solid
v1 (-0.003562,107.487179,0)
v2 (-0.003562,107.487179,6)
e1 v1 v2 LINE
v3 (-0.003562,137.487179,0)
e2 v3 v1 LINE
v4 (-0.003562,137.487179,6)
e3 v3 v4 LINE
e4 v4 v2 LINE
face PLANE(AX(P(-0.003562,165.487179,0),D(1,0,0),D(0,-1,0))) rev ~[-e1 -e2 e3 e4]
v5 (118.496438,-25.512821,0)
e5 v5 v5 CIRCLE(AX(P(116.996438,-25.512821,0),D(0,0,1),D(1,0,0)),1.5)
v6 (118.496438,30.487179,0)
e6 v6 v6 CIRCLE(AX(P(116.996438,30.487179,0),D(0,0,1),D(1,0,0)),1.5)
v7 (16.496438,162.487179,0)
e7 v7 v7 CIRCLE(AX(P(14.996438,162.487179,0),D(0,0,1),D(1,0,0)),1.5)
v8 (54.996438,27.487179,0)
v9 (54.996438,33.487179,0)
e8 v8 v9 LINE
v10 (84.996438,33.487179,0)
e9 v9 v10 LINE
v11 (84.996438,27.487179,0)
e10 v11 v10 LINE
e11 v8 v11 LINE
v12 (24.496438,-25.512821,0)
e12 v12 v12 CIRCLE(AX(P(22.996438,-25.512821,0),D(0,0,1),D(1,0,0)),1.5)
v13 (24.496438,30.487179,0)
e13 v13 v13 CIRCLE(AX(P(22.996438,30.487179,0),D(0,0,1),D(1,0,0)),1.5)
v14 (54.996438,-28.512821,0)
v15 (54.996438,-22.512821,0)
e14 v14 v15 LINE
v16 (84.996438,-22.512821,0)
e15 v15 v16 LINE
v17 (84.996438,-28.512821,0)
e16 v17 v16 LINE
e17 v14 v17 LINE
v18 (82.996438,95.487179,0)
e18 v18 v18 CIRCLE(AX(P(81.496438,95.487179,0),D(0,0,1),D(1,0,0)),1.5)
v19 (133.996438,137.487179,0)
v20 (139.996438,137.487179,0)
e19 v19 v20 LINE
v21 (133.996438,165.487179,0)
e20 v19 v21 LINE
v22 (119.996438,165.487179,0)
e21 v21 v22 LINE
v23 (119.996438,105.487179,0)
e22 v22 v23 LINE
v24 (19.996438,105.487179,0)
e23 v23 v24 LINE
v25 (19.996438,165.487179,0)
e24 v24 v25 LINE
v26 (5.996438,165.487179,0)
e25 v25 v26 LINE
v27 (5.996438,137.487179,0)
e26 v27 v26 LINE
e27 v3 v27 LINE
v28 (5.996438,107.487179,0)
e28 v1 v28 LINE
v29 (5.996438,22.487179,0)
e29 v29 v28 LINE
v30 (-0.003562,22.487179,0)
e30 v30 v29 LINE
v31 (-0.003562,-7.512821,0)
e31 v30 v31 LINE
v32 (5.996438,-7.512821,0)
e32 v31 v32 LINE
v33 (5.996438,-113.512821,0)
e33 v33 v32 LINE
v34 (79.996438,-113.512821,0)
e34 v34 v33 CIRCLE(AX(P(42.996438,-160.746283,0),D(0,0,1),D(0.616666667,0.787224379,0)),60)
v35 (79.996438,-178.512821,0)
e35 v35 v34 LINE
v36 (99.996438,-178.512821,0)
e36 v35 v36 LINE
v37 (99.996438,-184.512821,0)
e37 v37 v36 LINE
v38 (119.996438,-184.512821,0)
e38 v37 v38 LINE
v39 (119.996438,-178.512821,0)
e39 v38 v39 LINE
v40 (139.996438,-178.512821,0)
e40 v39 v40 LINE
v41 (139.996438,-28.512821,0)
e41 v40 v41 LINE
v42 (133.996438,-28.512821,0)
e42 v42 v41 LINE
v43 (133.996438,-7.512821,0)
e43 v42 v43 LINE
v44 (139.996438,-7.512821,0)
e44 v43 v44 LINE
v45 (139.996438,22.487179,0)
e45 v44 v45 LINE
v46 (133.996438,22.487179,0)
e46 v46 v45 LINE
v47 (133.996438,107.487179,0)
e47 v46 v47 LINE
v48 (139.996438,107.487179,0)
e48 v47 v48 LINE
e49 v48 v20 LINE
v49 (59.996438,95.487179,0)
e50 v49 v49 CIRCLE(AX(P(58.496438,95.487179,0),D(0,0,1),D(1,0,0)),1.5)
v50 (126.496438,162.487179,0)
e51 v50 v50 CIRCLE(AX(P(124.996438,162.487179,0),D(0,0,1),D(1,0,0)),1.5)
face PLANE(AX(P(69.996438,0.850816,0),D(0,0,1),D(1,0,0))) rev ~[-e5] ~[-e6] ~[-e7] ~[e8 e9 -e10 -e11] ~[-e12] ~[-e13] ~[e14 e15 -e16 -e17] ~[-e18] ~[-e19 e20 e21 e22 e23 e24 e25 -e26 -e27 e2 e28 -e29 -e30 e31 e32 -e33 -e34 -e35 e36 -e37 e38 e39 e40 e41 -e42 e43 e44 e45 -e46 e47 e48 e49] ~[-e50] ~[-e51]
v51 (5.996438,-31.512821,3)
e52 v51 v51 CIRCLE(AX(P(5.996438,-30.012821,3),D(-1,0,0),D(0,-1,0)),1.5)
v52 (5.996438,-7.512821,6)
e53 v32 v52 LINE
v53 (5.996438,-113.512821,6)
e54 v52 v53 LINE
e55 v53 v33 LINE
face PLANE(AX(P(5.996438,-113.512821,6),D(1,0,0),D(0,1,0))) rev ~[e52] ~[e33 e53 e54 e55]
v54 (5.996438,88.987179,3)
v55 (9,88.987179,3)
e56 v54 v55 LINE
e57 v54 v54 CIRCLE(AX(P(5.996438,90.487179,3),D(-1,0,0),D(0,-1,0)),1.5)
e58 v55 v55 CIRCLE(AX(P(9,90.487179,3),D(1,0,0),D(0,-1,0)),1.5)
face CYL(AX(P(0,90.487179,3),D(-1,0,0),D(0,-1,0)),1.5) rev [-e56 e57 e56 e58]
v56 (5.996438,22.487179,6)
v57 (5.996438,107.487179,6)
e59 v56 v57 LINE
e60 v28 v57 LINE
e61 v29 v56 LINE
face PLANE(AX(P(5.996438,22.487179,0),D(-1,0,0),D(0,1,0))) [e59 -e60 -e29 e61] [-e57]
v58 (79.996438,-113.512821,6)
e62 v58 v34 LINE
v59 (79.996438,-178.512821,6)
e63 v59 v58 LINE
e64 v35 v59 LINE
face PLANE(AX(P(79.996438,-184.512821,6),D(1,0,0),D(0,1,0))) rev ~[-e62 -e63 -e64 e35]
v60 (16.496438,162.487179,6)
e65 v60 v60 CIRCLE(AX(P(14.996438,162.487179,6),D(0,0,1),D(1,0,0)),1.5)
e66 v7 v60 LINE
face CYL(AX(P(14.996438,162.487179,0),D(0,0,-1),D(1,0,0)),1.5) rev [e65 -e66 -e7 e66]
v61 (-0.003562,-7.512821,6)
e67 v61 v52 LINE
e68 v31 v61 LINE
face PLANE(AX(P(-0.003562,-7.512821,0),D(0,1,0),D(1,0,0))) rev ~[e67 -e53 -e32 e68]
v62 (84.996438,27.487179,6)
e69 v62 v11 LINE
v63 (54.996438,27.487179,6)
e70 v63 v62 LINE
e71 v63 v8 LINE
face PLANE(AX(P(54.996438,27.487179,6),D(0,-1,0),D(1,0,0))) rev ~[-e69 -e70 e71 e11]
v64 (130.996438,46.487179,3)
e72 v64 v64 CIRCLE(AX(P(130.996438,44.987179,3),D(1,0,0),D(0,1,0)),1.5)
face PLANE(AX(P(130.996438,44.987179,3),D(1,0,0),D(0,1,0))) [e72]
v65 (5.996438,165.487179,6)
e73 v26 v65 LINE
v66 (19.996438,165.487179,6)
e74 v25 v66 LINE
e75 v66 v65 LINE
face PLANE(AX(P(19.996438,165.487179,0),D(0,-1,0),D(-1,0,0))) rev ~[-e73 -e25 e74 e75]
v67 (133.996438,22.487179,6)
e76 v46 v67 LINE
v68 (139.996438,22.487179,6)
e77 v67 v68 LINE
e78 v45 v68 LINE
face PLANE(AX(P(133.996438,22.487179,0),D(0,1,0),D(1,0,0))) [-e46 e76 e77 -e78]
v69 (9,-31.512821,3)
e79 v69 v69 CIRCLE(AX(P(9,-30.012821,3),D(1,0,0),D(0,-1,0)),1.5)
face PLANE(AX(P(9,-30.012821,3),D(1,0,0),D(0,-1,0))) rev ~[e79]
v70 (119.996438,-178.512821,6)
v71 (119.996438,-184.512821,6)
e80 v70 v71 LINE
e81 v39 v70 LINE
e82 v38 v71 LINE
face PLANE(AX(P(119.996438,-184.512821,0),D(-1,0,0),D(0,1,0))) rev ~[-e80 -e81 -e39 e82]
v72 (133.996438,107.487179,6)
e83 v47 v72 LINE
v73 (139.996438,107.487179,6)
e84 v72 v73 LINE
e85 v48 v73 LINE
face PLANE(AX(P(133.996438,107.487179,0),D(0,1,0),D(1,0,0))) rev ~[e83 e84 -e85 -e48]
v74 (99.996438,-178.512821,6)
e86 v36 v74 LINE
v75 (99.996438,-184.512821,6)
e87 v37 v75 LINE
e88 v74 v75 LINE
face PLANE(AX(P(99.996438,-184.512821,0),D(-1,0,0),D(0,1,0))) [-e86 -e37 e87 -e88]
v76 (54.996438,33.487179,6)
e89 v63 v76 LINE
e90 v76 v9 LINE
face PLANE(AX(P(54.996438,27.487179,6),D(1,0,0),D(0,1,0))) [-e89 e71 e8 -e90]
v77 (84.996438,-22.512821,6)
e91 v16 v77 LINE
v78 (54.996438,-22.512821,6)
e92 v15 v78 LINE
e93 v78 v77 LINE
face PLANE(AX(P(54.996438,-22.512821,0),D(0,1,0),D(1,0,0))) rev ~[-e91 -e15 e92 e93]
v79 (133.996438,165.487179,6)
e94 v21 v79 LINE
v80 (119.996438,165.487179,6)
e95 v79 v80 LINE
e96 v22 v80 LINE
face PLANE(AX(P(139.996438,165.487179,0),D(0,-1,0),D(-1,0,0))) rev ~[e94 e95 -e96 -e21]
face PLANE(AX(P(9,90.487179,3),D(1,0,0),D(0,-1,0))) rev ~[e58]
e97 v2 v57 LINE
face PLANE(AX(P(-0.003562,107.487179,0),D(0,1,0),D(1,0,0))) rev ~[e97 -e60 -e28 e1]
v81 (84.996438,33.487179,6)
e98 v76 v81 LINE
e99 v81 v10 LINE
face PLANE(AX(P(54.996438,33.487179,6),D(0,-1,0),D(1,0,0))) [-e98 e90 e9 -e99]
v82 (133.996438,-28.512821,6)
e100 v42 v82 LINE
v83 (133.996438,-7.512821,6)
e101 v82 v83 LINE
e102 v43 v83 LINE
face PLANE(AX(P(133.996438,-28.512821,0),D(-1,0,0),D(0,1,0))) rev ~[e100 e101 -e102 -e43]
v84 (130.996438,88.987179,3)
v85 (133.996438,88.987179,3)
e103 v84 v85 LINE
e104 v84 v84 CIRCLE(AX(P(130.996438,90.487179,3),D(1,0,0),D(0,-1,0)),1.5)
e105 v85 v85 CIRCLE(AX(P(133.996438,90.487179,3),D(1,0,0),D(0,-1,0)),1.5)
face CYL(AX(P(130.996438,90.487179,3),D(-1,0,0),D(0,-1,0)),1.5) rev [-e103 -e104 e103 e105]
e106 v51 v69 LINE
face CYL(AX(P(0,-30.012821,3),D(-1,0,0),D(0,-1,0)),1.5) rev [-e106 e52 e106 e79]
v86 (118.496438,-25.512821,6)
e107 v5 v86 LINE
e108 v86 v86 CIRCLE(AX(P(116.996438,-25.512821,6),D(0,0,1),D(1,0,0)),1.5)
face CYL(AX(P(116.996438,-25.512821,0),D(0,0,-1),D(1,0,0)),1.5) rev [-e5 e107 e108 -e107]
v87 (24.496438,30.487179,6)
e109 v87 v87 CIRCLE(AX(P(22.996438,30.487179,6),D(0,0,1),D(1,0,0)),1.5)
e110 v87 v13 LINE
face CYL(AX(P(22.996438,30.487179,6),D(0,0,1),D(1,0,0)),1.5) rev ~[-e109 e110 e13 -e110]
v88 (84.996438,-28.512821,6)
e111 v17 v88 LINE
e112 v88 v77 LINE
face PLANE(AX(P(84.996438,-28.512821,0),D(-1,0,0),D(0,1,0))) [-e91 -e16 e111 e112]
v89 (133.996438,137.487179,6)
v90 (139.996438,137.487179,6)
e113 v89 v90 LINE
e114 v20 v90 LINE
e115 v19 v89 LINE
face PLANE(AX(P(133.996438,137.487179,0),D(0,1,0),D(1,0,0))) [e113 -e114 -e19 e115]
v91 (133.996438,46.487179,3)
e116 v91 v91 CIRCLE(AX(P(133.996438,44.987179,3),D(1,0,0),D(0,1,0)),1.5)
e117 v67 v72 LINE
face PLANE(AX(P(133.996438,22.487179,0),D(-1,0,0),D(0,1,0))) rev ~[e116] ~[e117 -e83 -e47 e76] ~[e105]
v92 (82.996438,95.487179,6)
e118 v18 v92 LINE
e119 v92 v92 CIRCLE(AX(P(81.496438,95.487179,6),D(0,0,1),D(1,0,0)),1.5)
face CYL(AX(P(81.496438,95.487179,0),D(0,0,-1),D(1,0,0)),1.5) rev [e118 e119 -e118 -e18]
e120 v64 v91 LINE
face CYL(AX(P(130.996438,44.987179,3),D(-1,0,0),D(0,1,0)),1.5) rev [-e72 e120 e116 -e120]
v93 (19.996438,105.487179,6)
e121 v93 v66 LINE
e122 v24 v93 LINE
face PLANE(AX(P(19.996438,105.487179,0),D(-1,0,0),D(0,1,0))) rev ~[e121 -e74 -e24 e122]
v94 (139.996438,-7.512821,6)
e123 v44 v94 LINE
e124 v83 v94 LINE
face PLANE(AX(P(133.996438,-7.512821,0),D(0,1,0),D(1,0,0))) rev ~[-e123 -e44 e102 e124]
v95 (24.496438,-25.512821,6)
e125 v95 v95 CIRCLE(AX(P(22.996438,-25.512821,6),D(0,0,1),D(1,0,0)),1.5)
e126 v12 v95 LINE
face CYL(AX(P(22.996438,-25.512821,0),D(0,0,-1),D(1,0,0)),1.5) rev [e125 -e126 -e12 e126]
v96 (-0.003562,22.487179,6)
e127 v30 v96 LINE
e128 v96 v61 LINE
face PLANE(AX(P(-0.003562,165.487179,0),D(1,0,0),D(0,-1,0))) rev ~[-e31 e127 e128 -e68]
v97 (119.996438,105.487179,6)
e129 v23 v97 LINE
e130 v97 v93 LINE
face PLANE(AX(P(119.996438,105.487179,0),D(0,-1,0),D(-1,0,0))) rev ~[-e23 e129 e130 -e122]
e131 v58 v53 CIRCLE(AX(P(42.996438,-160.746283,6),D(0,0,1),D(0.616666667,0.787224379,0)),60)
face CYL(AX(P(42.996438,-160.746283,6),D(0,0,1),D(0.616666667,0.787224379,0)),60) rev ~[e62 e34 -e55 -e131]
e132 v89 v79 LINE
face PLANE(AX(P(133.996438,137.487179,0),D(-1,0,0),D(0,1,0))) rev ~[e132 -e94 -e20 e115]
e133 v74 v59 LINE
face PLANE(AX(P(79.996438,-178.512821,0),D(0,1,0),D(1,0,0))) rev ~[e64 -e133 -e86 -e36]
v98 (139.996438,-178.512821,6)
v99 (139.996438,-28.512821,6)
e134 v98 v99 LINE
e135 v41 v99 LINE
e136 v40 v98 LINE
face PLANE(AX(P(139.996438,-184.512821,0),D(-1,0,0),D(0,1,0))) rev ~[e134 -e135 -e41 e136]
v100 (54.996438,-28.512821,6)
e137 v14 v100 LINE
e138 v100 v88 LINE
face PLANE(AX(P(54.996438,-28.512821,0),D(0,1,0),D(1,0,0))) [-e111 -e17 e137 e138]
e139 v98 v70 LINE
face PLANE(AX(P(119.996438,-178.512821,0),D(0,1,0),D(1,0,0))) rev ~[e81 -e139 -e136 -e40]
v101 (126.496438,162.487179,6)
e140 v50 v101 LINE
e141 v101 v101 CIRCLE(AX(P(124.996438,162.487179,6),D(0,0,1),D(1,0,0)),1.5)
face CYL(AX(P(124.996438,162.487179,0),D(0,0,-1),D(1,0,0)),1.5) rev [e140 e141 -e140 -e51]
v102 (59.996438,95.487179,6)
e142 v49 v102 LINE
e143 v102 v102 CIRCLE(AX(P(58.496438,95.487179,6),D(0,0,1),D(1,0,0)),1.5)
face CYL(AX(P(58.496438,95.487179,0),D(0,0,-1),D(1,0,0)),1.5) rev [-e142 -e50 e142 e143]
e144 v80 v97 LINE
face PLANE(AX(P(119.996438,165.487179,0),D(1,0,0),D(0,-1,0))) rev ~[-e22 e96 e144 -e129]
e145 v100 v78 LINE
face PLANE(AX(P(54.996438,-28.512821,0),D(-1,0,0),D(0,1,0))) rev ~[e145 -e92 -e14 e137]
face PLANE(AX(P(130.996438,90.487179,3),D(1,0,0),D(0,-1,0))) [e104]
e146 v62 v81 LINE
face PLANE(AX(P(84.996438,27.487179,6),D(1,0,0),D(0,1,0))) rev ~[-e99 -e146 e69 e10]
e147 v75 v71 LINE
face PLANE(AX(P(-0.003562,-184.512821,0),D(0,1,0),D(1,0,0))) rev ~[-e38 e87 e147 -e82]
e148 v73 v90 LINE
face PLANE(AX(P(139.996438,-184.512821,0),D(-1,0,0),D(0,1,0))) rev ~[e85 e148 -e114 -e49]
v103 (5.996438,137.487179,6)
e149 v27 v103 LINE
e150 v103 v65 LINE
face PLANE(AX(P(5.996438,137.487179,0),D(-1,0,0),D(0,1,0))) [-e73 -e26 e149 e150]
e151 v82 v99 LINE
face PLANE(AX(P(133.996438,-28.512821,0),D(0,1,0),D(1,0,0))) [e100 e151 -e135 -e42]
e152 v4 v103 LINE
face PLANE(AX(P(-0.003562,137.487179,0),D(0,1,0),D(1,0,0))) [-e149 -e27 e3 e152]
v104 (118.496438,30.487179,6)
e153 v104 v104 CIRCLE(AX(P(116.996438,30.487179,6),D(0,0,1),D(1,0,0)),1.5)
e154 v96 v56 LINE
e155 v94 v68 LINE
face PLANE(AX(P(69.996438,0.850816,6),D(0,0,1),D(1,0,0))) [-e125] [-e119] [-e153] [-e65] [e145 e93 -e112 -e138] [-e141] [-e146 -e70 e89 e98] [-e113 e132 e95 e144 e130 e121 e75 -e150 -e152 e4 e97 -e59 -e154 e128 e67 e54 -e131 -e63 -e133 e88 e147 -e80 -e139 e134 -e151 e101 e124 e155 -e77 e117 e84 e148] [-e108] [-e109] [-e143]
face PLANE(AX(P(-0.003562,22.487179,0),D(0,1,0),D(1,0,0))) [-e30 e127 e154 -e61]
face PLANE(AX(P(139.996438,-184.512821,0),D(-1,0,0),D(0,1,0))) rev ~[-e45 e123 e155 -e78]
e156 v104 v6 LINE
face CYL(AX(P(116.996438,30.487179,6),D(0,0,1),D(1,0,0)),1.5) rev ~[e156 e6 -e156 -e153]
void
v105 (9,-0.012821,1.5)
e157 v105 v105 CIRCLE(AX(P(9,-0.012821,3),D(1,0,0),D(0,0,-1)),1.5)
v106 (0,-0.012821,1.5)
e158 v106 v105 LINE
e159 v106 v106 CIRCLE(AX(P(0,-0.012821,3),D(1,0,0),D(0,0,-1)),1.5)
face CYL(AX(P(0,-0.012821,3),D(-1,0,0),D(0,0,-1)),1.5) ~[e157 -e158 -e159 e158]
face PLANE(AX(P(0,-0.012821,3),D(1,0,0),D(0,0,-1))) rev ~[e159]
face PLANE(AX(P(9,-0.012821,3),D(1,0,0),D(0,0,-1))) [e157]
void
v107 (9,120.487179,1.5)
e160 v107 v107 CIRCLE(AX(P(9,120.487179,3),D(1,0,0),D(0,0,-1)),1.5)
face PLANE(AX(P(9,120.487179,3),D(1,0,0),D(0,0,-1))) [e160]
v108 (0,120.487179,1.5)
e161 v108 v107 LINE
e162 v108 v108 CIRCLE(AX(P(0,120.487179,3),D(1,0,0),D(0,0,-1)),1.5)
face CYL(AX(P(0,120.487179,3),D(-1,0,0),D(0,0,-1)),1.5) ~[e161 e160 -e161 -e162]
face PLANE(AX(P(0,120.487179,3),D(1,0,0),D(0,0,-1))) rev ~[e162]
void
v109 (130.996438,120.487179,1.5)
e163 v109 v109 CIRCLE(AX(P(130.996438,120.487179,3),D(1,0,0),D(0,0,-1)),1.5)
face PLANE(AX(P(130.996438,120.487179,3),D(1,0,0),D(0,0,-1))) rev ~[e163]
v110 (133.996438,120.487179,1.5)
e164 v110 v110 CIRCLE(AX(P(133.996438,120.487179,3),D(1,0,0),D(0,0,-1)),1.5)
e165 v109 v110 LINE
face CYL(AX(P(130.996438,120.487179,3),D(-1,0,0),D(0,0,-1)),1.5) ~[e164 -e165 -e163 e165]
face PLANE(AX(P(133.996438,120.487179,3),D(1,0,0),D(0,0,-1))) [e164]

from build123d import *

# Parameters (mm, degrees)
ESQUISSE1_R             = 1.5
ESQUISSE1_W             = 30
ESQUISSE1_H             = 6
BOSS_EXTRU_3_DEPTH      = 6
ESQUISSE4_W             = 6
ESQUISSE4_H             = 28
ESQUISSE4_H_2           = 85
ESQUISSE4_H_3           = 51
ESQUISSE4_H_4           = 21
ENL_V_MAT_EXTRU_2_DEPTH = 6
ESQUISSE5_R             = 1.5
ENL_V_MAT_EXTRU_3_DEPTH = 9
ENL_V_START             = -3
ESQUISSE6_R             = 1.5
ENL_V_MAT_EXTRU_6_DEPTH = 3
ESQUISSE7_W             = 20
ESQUISSE7_H             = 6
ENL_V_MAT_EXTRU_7_DEPTH = 10
ENL_V_MAT_EXTRU_8_DEPTH = 6
ESQUISSE9_R             = 1.5
ESQUISSE9_W             = 30
ESQUISSE9_H             = 6
ENL_V_MAT_EXTRU_9_DEPTH = 6


with BuildPart() as part:
    # Esquisse1 → Boss.-Extru.3 (new body)
    with BuildSketch(Plane.XY):
        Polygon((19.996437878, 165.487179487), (-0.003562122, 165.487179487), (-0.003562122, -184.512820513), (139.996437878, -184.512820513), (139.996437878, 165.487179487), (119.996437878, 165.487179487), (119.996437878, 105.487179487), (19.996437878, 105.487179487), align=None)
        with Locations((22.996437878, -25.512820513)):
            Circle(ESQUISSE1_R, mode=Mode.SUBTRACT)
        with Locations((69.996437878, -25.512820513)):
            Rectangle(ESQUISSE1_W, ESQUISSE1_H, mode=Mode.SUBTRACT)
        with Locations((116.996437878, -25.512820513)):
            Circle(ESQUISSE1_R, mode=Mode.SUBTRACT)
        with Locations((14.996437878, 162.487179487)):
            Circle(ESQUISSE1_R, mode=Mode.SUBTRACT)
        with Locations((58.496437878, 95.487179487)):
            Circle(ESQUISSE1_R, mode=Mode.SUBTRACT)
        with Locations((81.496437878, 95.487179487)):
            Circle(ESQUISSE1_R, mode=Mode.SUBTRACT)
        with Locations((124.996437878, 162.487179487)):
            Circle(ESQUISSE1_R, mode=Mode.SUBTRACT)
    extrude(amount=BOSS_EXTRU_3_DEPTH)

    # Esquisse4 → Enlèv. mat.-Extru.2 (cut)
    with BuildSketch(Plane.XY):
        with Locations((2.996437878, 151.487179487)):
            Rectangle(ESQUISSE4_W, ESQUISSE4_H)
        with Locations((2.996437878, 64.987179487)):
            Rectangle(ESQUISSE4_W, ESQUISSE4_H_2)
        with Locations((2.996437878, -33.012820513)):
            Rectangle(ESQUISSE4_W, ESQUISSE4_H_3)
        with Locations((136.996437878, -18.012820513)):
            Rectangle(ESQUISSE4_W, ESQUISSE4_H_4)
        with Locations((136.996437878, 64.987179487)):
            Rectangle(ESQUISSE4_W, ESQUISSE4_H_2)
        with Locations((136.996437878, 151.487179487)):
            Rectangle(ESQUISSE4_W, ESQUISSE4_H)
    extrude(amount=ENL_V_MAT_EXTRU_2_DEPTH, mode=Mode.SUBTRACT)

    # Esquisse5 → Enlèv. mat.-Extru.3 (cut)
    with BuildSketch(Plane(origin=(0, 0, 0), x_dir=(0, 0, -1), z_dir=(1, 0, 0))):
        with Locations(Location((-3, -30.012820513, 0), (0, 0, 270))):
            Circle(ESQUISSE5_R)
        with Locations((-3, -0.012820513)):
            Circle(ESQUISSE5_R)
        with Locations(Location((-3, 90.487179487, 0), (0, 0, 270))):
            Circle(ESQUISSE5_R)
        with Locations((-3, 120.487179487)):
            Circle(ESQUISSE5_R)
    extrude(amount=ENL_V_MAT_EXTRU_3_DEPTH, mode=Mode.SUBTRACT)

    # Esquisse6 → Enlèv. mat.-Extru.6 (cut)
    with BuildSketch(Plane(origin=(133.996437878, 0, 0), x_dir=(0, 0, -1), z_dir=(1, 0, 0)).offset(ENL_V_START)):
        with Locations(Location((-3, 90.487179487, 0), (0, 0, 270))):
            Circle(ESQUISSE6_R)
        with Locations(Location((-3, 44.987179487, 0), (0, 0, 90))):
            Circle(ESQUISSE6_R)
        with Locations((-3, 120.487179487)):
            Circle(ESQUISSE6_R)
    extrude(amount=ENL_V_MAT_EXTRU_6_DEPTH, mode=Mode.SUBTRACT)

    # Esquisse7 → Enlèv. mat.-Extru.7 (cut)
    with BuildSketch(Plane.XY):
        with Locations((129.996437878, -181.512820513)):
            Rectangle(ESQUISSE7_W, ESQUISSE7_H)
        with Locations((89.996437878, -181.512820513)):
            Rectangle(ESQUISSE7_W, ESQUISSE7_H)
    extrude(amount=ENL_V_MAT_EXTRU_7_DEPTH, mode=Mode.SUBTRACT)

    # Esquisse8 → Enlèv. mat.-Extru.8 (cut)
    with BuildSketch(Plane.XY.offset(6)):
        with BuildLine():
            Line((79.996437878, -178.512820513), (79.996437878, -113.512820513))
            ThreePointArc((79.996437878, -113.512820513), (42.996437878, -100.746283227), (5.996437878, -113.512820513))
            Line((5.996437878, -113.512820513), (5.996437878, -58.512820513))
            Line((5.996437878, -58.512820513), (-0.003562122, -58.512820513))
            Line((-0.003562122, -58.512820513), (-0.003562122, -184.512820513))
            Line((-0.003562122, -184.512820513), (79.996437878, -184.512820513))
            Line((79.996437878, -184.512820513), (79.996437878, -178.512820513))
        make_face()
    extrude(amount=-ENL_V_MAT_EXTRU_8_DEPTH, mode=Mode.SUBTRACT)

    # Esquisse9 → Enlèv. mat.-Extru.9 (cut)
    with BuildSketch(Plane.XY.offset(6)):
        with Locations((116.996437878, 30.487179487)):
            Circle(ESQUISSE9_R)
        with Locations((22.996437878, 30.487179487)):
            Circle(ESQUISSE9_R)
        with Locations((69.996437878, 30.487179487)):
            Rectangle(ESQUISSE9_W, ESQUISSE9_H)
    extrude(amount=-ENL_V_MAT_EXTRU_9_DEPTH, mode=Mode.SUBTRACT)


solid = part.part
